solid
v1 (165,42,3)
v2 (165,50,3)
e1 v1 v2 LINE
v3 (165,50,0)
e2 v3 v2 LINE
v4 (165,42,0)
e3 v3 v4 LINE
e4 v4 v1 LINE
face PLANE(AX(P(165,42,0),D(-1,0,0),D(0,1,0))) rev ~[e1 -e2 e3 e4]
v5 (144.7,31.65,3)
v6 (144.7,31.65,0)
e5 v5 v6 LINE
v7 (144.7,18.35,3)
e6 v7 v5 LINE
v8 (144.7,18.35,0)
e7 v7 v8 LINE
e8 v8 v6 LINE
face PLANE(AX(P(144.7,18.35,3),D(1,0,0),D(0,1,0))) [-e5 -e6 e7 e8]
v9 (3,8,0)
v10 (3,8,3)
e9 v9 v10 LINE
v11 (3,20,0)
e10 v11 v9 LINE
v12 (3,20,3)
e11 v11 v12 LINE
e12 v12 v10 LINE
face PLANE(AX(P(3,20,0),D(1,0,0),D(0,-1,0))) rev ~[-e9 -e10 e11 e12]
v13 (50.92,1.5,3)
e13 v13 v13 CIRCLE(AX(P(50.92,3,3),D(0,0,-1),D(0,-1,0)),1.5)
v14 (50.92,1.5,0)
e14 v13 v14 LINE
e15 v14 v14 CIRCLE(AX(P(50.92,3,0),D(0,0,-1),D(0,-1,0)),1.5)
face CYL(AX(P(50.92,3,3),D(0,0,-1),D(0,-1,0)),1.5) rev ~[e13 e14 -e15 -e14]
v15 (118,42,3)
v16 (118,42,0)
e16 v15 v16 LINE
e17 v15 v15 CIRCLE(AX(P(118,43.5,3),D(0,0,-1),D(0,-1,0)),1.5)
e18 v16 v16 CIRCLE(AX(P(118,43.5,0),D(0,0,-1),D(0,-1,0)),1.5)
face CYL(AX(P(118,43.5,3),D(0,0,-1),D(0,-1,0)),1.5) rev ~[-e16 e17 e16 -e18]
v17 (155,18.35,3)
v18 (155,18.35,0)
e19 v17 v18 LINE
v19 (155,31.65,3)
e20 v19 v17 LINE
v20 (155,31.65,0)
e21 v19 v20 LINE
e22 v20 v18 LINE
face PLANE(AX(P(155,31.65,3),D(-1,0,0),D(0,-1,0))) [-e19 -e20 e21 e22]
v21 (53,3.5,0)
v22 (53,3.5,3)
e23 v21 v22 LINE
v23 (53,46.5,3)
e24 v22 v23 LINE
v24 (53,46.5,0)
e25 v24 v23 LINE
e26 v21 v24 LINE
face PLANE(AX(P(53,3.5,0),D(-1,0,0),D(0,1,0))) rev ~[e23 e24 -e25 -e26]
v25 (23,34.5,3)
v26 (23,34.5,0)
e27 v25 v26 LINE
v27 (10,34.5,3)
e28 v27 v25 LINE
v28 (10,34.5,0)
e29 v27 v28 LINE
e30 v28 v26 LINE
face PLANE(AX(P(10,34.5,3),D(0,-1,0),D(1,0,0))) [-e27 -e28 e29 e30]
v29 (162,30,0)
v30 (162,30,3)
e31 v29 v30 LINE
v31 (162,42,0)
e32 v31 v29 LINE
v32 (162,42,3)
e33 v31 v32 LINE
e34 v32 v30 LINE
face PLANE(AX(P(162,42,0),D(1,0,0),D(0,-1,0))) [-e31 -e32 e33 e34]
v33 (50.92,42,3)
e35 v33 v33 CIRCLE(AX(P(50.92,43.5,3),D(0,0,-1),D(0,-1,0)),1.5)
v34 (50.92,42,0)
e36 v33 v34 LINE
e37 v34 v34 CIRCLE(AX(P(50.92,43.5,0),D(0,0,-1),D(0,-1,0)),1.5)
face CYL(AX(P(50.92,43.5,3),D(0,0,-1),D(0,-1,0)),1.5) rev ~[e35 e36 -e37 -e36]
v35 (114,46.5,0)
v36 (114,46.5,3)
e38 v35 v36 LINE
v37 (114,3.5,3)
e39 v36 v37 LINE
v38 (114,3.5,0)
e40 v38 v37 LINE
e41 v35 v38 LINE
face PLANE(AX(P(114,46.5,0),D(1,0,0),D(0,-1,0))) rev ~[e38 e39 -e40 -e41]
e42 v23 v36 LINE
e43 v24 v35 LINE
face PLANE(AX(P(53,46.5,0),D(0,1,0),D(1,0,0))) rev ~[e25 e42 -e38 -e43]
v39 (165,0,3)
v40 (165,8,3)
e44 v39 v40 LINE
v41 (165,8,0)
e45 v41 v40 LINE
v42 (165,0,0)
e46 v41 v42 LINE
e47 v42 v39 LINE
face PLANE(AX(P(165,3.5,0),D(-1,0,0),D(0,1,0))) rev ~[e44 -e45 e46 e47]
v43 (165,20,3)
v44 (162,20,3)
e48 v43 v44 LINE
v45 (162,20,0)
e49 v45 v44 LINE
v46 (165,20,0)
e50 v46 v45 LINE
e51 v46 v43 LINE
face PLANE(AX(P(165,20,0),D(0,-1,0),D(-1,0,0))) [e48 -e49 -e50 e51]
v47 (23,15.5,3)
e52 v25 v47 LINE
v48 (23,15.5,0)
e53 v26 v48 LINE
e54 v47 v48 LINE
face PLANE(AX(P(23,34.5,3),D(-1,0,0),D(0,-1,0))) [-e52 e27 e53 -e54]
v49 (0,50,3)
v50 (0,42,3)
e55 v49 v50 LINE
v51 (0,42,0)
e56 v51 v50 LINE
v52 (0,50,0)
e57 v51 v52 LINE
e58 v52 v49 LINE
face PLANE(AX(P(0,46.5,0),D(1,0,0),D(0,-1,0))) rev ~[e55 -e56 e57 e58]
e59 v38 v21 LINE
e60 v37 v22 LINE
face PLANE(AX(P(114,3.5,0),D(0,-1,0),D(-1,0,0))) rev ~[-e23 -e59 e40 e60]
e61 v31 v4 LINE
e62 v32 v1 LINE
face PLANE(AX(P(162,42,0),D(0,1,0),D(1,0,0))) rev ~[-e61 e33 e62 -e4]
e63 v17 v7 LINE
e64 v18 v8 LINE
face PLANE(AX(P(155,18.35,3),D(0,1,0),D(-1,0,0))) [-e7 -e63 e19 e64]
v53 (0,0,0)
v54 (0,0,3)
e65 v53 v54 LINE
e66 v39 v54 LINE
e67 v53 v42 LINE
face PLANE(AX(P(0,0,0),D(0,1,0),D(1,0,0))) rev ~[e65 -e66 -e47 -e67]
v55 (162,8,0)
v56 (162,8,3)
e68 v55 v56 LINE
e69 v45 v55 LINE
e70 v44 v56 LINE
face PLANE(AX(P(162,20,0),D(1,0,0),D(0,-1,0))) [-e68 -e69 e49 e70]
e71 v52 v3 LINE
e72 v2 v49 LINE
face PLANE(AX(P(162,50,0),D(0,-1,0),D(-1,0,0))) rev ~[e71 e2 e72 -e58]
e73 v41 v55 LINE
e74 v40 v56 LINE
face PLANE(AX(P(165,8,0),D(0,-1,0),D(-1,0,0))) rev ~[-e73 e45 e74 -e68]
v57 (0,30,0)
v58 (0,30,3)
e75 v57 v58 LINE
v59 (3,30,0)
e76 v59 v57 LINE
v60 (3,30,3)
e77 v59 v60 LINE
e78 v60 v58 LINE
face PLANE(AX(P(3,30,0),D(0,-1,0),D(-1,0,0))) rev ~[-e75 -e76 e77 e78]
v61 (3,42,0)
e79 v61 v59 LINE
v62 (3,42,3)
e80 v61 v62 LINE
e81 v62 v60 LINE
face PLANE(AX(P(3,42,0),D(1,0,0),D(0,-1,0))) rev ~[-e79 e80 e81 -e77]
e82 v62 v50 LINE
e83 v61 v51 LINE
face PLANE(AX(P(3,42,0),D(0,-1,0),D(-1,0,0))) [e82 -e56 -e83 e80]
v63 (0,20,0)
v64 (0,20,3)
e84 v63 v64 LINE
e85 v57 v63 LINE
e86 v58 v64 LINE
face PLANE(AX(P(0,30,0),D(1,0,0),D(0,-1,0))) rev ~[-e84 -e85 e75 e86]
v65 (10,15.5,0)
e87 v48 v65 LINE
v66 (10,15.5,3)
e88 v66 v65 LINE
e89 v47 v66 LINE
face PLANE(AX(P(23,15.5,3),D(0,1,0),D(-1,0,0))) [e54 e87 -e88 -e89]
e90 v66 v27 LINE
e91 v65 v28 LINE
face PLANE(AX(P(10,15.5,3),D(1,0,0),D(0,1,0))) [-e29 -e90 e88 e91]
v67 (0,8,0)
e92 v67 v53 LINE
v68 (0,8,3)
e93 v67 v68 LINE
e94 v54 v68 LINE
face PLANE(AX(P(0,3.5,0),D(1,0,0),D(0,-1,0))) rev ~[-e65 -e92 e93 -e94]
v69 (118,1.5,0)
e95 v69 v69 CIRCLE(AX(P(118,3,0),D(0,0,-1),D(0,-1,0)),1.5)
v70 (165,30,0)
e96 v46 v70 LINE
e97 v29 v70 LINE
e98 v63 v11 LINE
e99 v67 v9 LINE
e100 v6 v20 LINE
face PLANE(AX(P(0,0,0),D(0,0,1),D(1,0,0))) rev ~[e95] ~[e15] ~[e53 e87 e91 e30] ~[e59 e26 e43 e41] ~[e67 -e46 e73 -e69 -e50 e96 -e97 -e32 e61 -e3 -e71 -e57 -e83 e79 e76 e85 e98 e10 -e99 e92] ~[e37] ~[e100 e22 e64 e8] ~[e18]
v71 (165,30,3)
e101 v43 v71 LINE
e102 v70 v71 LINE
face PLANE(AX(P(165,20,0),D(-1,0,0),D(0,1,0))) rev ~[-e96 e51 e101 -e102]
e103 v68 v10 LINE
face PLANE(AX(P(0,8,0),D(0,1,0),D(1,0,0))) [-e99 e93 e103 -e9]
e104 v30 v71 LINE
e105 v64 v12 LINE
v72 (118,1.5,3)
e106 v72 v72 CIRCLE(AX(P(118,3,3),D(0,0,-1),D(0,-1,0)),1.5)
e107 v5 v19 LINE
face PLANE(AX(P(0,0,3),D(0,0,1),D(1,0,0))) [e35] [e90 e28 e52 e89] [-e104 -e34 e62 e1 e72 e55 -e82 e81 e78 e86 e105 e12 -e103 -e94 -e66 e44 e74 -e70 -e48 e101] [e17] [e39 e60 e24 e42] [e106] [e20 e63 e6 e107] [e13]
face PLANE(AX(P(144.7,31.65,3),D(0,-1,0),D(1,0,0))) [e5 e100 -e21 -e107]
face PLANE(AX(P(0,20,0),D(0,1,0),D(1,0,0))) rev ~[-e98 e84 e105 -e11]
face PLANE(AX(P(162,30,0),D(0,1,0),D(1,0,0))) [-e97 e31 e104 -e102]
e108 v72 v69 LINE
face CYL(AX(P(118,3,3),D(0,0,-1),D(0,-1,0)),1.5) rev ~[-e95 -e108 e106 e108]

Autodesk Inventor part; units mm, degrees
ref_plane "YZ Plane" through (0, 0, 0) normal (1, 0, 0) x (0, 1, 0)
ref_plane "XZ Plane" through (0, 0, 0) normal (0, 1, 0) x (-1, 0, 0)
ref_plane "XY Plane" through (0, 0, 0) normal (0, 0, 1) x (1, 0, 0)
sketch "Sketch1" plane through (0, 0, 0) normal (0, 0, 1) x (1, 0, 0)
  line L0 (0, 0) -> (165, 0)
  line L1 (165, 0) -> (165, 50)
  line L2 (165, 50) -> (0, 50)
  line L3 (0, 50) -> (0, 0)
  line L4 (0, 50) -> (3, 50)
  line L5 (3, 50) -> (3, 46.5)
  line L6 (3, 46.5) -> (0, 46.5)
  line L7 (0, 46.5) -> (0, 50)
  line L8 (0, 0) -> (3, 0)
  line L9 (3, 0) -> (3, 3.5)
  line L10 (3, 3.5) -> (0, 3.5)
  line L11 (0, 3.5) -> (0, 0)
  line L12 (82.5, 0) -> (82.5, 50) construction
  line L13 (162, 50) -> (162, 46.5)
  line L14 (162, 46.5) -> (165, 46.5)
  line L15 (162, 0) -> (162, 3.5)
  line L16 (162, 3.5) -> (165, 3.5)
  line L17 (44, 46.5) -> (121, 46.5) construction
  line L18 (121, 46.5) -> (121, 3.5) construction
  line L19 (121, 3.5) -> (44, 3.5) construction
  line L20 (44, 3.5) -> (44, 46.5) construction
  line L21 (53, 46.5) -> (114, 46.5)
  line L22 (114, 46.5) -> (114, 3.5)
  line L23 (114, 3.5) -> (53, 3.5)
  line L24 (53, 3.5) -> (53, 46.5)
  line L25 (3, 0) -> (0, 0)
  line L26 (0, 0) -> (0, 8)
  line L27 (0, 8) -> (3, 8)
  line L28 (3, 8) -> (3, 0)
  line L29 (0, 50) -> (3, 50)
  line L30 (3, 50) -> (3, 42)
  line L31 (3, 42) -> (0, 42)
  line L32 (0, 42) -> (0, 50)
  line L33 (0, 42) -> (3, 42)
  line L34 (3, 42) -> (3, 30)
  line L35 (3, 30) -> (0, 30)
  line L36 (0, 30) -> (0, 42)
  line L37 (3, 8) -> (0, 8)
  line L38 (0, 8) -> (0, 20)
  line L39 (0, 20) -> (3, 20)
  line L40 (3, 20) -> (3, 8)
  line L41 (165, 8) -> (162, 8)
  line L42 (162, 42) -> (165, 42)
  line L43 (162, 42) -> (162, 30)
  line L44 (162, 30) -> (165, 30)
  line L45 (165, 20) -> (162, 20)
  line L46 (162, 20) -> (162, 8)
  point P0 (1.5, 25)
  point P1 (0, 25)
  point P2 (1.5, 3.5)
  point P3 (44, 25)
  point P4 (82.5, 46.5)
  point P5 (1.5, 46.5)
  point P6 (119, 5.5)
  point P7 (119, 44.5)
  point P8 (50.5, 44.5)
  point P9 (50.5, 5.5)
  point P10 (0, 46.5)
  point P11 (0, 3.5)
  point P12 (165, 20)
  point P13 (165, 30)
  point P14 (165, 42)
  dimension "d0" = 165
  dimension "d1" = 50
  dimension "d2" = 3
  dimension "d4" = 21.5
  dimension "d5" = 21.5
  dimension "d6" = 77
  dimension "d7" = 61
  dimension "d8" = 9
  dimension "d9" = 2
  dimension "d10" = 2
  dimension "d11" = 2
  dimension "d12" = 6.5
  dimension "d13" = 2
  dimension "d34" = 8
  dimension "d35" = 8
  dimension "d36" = 12
  dimension "d37" = 12
extrude "Extrusion1" add sketch "Sketch1" along normal blind 3 contours L3 L10 L9 L0 | L9 L28 L40 L39 L3 L35 L34 L30 L5 L2 L13 L14 L1 L42 L43 L44 L45 L46 L41 L16 L15 L0 | L3 L27 L28 L10 | L15 L16 L1 L0 | L3 L6 L30 L31 | L3 L2 L5 L6 | L14 L13 L2 L1
sketch "Sketch2" plane through (0, 0, 3) normal (0, 0, 1) x (1, 0, 0)
  line L0 (53, 46.5) -> (114, 46.5) projected
  line L1 (44, 46.5) -> (121, 46.5)
  line L2 (121, 46.5) -> (121, 0)
  line L3 (121, 0) -> (44, 0)
  line L4 (44, 0) -> (44, 46.5)
  line L5 (165, 50) -> (0, 50) projected
  line L6 (0, 8) -> (0, 0) projected
  point P0 (50.92, 43.5)
  point P1 (50.92, 3)
  point P2 (82.5, 46.5)
  point P3 (82.5, 50)
  point P4 (113, 50)
  point P5 (3, 50)
  point P6 (44, 23.25)
  point P7 (0, 4)
  point P8 (0, 46.5)
  point P9 (0, 3.5)
  point P10 (118, 43.5)
  point P11 (118, 3)
  dimension "d17" = 77
  dimension "d18" = 3
  dimension "d19" = 3
  dimension "d20" = 3
  dimension "d28" = 6.92
hole "Hole1" at (50.92, 43.5, 3) at (50.92, 3, 3) at (118, 3, 3) at (118, 43.5, 3) direction (0, 0, -1) diameter 3 end through all
sketch "Sketch3" plane through (0, 0, 3) normal (0, 0, 1) x (1, 0, 0)
  line L0 (10, 34.5) -> (23, 34.5)
  line L1 (23, 34.5) -> (23, 15.5)
  line L2 (23, 15.5) -> (10, 15.5)
  line L3 (10, 15.5) -> (10, 34.5)
  line L4 (0, 8) -> (0, 0) construction
  line L5 (144.7, 31.65) -> (155, 31.65)
  line L6 (155, 31.65) -> (155, 18.35)
  line L7 (155, 18.35) -> (144.7, 18.35)
  line L8 (144.7, 18.35) -> (144.7, 31.65)
  line L9 (165, 20) -> (165, 30) projected
  line L10 (0, 30) -> (0, 20) projected
  point P0 (10, 25)
  point P1 (0, 46.5)
  point P2 (165, 25)
  point P3 (0, 25)
  point P4 (144.7, 25)
  dimension "d29" = 19
  dimension "d30" = 13
  dimension "d31" = 10
  dimension "d38" = 10.3
  dimension "d39" = 13.3
  dimension "d40" = 10
extrude "Extrusion2" cut sketch "Sketch3" against normal blind 10
properties part number "pantallaSoport"
